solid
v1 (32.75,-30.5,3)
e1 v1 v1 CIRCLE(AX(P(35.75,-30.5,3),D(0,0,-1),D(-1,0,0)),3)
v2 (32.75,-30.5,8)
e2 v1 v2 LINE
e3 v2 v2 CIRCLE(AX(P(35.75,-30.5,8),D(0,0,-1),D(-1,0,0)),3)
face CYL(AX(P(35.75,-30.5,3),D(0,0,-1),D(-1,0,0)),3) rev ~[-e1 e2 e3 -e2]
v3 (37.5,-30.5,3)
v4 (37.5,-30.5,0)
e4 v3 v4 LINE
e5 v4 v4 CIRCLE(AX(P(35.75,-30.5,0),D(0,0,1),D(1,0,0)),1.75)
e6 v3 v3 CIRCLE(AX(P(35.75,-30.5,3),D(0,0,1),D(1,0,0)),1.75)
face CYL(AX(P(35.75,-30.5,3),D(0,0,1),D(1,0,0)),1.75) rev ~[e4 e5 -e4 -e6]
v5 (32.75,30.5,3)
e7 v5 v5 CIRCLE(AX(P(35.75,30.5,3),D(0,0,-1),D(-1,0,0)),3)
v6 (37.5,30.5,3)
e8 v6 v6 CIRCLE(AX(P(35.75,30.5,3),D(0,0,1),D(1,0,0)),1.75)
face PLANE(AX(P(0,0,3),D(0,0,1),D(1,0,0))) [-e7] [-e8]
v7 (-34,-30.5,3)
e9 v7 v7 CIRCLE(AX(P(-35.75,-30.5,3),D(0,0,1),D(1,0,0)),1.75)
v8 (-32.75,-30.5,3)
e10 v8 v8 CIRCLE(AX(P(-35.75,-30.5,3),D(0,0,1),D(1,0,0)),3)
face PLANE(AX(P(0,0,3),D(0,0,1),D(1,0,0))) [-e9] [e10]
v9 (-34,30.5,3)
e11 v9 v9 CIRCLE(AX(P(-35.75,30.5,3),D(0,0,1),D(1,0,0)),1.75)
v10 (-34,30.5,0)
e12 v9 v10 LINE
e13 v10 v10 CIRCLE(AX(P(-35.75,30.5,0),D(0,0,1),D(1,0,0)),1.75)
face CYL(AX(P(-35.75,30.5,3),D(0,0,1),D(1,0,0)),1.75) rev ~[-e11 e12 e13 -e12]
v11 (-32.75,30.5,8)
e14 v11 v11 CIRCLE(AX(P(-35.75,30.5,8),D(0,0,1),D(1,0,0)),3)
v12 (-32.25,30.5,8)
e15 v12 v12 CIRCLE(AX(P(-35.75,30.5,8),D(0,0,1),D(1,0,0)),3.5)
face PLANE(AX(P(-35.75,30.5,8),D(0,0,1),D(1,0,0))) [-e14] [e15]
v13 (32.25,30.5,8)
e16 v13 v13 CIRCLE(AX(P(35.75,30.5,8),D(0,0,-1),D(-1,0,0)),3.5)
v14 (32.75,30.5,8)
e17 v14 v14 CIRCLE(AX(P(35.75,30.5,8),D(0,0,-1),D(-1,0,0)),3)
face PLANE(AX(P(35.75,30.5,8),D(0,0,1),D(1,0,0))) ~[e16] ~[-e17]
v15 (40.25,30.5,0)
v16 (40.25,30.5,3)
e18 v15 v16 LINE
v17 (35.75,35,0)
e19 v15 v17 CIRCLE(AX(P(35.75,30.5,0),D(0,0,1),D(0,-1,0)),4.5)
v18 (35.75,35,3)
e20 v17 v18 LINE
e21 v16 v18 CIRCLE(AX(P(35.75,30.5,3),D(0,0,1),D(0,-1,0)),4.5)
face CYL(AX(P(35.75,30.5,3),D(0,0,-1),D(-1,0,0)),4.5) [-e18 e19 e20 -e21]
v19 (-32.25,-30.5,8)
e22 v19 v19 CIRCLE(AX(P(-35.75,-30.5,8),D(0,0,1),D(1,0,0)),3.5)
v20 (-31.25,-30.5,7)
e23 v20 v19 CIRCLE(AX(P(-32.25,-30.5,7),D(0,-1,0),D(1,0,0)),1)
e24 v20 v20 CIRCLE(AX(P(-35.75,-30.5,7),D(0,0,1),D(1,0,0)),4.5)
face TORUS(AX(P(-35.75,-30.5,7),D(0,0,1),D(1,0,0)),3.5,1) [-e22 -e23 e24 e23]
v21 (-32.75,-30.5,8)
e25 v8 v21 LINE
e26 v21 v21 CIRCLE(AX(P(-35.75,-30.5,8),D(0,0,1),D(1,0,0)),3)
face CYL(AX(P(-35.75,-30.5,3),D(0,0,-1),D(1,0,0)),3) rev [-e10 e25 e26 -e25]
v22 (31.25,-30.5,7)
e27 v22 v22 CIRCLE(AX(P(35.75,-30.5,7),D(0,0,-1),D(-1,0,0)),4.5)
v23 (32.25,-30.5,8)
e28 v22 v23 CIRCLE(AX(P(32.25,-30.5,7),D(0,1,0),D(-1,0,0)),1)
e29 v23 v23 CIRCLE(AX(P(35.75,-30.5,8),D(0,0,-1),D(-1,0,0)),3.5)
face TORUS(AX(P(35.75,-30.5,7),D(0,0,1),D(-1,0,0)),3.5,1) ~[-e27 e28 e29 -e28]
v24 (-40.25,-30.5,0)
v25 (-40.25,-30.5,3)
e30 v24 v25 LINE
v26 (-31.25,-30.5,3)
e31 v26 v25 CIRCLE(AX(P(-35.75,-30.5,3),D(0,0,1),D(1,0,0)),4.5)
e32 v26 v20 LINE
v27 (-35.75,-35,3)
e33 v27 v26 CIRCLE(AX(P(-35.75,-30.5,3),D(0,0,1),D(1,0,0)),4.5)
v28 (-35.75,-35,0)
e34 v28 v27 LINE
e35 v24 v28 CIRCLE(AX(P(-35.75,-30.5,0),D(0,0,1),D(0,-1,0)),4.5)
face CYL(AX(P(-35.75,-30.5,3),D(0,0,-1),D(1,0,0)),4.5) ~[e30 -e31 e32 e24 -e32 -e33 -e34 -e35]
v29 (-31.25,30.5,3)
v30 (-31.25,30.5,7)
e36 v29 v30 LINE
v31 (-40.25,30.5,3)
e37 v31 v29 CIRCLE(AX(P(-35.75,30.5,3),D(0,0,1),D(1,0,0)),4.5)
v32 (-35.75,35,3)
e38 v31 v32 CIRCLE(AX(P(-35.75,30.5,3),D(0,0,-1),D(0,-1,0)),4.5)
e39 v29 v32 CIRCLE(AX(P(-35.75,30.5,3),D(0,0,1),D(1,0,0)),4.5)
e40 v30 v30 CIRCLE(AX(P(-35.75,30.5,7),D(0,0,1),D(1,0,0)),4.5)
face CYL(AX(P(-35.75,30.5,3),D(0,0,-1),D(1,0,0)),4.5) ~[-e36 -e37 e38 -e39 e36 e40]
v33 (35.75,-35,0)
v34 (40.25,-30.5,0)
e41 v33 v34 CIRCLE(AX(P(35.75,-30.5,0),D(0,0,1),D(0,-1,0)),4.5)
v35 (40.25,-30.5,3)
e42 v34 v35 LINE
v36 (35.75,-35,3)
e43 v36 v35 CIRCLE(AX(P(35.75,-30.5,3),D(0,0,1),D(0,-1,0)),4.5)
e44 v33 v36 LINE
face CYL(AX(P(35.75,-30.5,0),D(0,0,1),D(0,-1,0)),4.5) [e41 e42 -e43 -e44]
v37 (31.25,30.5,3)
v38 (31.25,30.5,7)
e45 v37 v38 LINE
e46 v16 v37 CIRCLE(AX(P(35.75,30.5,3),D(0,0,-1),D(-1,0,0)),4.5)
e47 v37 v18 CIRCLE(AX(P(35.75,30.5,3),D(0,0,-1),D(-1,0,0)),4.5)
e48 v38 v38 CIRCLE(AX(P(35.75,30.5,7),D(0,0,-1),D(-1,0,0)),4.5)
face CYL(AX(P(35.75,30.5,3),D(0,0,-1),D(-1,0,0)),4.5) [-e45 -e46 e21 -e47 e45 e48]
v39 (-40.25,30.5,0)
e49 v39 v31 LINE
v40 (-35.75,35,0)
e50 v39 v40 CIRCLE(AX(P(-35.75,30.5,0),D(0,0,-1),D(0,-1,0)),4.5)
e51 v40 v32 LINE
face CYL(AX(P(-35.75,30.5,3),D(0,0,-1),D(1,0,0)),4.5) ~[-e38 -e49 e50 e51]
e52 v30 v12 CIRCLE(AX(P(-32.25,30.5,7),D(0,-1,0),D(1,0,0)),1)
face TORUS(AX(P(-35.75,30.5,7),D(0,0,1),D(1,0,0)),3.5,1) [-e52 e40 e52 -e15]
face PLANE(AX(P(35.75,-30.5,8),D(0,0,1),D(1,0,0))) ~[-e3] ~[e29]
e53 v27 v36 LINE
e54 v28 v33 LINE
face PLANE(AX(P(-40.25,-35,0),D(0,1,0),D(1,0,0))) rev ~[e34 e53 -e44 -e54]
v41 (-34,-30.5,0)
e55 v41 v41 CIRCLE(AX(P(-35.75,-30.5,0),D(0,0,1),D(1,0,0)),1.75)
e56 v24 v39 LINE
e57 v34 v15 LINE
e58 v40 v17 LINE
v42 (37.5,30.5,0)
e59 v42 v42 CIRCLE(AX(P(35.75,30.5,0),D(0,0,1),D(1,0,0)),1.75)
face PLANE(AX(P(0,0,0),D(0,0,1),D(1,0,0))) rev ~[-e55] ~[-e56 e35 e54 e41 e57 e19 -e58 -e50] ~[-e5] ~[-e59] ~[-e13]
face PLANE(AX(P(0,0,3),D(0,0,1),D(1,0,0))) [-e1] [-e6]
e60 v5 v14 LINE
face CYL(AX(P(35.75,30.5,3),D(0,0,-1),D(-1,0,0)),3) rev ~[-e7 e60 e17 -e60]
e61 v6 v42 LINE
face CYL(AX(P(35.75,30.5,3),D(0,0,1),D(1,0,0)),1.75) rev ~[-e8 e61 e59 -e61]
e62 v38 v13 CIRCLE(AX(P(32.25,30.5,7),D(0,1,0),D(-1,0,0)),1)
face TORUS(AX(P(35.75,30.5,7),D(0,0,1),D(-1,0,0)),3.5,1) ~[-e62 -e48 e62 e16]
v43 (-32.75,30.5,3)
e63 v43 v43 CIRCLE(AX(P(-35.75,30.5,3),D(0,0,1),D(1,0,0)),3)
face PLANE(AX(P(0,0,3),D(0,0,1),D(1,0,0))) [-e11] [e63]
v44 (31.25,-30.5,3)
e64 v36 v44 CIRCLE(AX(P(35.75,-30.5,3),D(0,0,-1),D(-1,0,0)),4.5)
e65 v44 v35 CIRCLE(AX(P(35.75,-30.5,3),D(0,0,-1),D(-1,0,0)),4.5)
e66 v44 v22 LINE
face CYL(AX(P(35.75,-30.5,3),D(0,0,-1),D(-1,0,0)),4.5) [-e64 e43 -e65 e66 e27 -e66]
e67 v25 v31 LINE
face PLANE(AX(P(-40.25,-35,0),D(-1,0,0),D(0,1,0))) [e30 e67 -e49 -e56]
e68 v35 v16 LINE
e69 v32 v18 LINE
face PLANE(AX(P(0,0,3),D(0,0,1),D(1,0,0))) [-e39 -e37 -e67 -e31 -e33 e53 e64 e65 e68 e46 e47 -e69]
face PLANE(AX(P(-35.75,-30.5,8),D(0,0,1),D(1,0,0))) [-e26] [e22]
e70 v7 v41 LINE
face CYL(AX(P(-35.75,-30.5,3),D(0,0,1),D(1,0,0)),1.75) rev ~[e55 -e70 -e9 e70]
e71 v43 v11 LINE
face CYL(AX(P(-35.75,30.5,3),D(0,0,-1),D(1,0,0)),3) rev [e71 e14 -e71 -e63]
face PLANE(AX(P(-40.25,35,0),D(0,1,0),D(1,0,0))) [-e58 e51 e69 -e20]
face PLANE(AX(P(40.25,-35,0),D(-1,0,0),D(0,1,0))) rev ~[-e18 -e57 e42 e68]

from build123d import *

# Parameters (mm, degrees)
SKETCH_W      = 80.5
SKETCH_H      = 70
PAD_DEPTH     = 3
FILLET_R      = 4.5
SKETCH001_R   = 1.75
POCKET_DEPTH  = 3.001
SKETCH002_R   = 4.5
SKETCH002_R_2 = 3
PAD001_DEPTH  = 5
FILLET001_R   = 1


with BuildPart() as part:
    # Sketch → Pad (new body)
    with BuildSketch(Plane.XY):
        Rectangle(SKETCH_W, SKETCH_H)
    extrude(amount=PAD_DEPTH)

    # Fillet
    fillet_edges = [part.edges().sort_by_distance(p)[0] for p in [
        (-40.25, -35, 1.5),
        (40.25, -35, 1.5),
        (40.25, 35, 1.5),
        (-40.25, 35, 1.5),
    ]]
    fillet(fillet_edges, radius=FILLET_R)

    # Sketch001 (on Face5 of Fillet) → Pocket (cut, through all)
    with BuildSketch(Plane.XY.offset(3)):
        with Locations((-35.75, -30.5)):
            Circle(SKETCH001_R)
        with Locations((35.75, -30.5)):
            Circle(SKETCH001_R)
        with Locations((35.75, 30.5)):
            Circle(SKETCH001_R)
        with Locations((-35.75, 30.5)):
            Circle(SKETCH001_R)
    extrude(amount=-POCKET_DEPTH, mode=Mode.SUBTRACT)

    # Sketch002 (on Face5 of Pocket) → Pad001 (join)
    with BuildSketch(Plane.XY.offset(3)):
        with Locations((-35.75, 30.5)):
            Circle(SKETCH002_R)
        with Locations((-35.75, 30.5)):
            Circle(SKETCH002_R_2, mode=Mode.SUBTRACT)
        with Locations((-35.75, -30.5)):
            Circle(SKETCH002_R)
        with Locations((-35.75, -30.5)):
            Circle(SKETCH002_R_2, mode=Mode.SUBTRACT)
    pad001 = extrude(amount=PAD001_DEPTH)

    # Mirrored: Pad001 across YZ
    add(pad001.mirror(Plane.YZ))

    # Fillet001
    fillet001_edges = [part.edges().sort_by_distance(p)[0] for p in [
        (-40.25, -30.5, 8),
        (-40.25, 30.5, 8),
        (40.25, 30.5, 8),
        (40.25, -30.5, 8),
    ]]
    fillet(fillet001_edges, radius=FILLET001_R)


solid = part.part
